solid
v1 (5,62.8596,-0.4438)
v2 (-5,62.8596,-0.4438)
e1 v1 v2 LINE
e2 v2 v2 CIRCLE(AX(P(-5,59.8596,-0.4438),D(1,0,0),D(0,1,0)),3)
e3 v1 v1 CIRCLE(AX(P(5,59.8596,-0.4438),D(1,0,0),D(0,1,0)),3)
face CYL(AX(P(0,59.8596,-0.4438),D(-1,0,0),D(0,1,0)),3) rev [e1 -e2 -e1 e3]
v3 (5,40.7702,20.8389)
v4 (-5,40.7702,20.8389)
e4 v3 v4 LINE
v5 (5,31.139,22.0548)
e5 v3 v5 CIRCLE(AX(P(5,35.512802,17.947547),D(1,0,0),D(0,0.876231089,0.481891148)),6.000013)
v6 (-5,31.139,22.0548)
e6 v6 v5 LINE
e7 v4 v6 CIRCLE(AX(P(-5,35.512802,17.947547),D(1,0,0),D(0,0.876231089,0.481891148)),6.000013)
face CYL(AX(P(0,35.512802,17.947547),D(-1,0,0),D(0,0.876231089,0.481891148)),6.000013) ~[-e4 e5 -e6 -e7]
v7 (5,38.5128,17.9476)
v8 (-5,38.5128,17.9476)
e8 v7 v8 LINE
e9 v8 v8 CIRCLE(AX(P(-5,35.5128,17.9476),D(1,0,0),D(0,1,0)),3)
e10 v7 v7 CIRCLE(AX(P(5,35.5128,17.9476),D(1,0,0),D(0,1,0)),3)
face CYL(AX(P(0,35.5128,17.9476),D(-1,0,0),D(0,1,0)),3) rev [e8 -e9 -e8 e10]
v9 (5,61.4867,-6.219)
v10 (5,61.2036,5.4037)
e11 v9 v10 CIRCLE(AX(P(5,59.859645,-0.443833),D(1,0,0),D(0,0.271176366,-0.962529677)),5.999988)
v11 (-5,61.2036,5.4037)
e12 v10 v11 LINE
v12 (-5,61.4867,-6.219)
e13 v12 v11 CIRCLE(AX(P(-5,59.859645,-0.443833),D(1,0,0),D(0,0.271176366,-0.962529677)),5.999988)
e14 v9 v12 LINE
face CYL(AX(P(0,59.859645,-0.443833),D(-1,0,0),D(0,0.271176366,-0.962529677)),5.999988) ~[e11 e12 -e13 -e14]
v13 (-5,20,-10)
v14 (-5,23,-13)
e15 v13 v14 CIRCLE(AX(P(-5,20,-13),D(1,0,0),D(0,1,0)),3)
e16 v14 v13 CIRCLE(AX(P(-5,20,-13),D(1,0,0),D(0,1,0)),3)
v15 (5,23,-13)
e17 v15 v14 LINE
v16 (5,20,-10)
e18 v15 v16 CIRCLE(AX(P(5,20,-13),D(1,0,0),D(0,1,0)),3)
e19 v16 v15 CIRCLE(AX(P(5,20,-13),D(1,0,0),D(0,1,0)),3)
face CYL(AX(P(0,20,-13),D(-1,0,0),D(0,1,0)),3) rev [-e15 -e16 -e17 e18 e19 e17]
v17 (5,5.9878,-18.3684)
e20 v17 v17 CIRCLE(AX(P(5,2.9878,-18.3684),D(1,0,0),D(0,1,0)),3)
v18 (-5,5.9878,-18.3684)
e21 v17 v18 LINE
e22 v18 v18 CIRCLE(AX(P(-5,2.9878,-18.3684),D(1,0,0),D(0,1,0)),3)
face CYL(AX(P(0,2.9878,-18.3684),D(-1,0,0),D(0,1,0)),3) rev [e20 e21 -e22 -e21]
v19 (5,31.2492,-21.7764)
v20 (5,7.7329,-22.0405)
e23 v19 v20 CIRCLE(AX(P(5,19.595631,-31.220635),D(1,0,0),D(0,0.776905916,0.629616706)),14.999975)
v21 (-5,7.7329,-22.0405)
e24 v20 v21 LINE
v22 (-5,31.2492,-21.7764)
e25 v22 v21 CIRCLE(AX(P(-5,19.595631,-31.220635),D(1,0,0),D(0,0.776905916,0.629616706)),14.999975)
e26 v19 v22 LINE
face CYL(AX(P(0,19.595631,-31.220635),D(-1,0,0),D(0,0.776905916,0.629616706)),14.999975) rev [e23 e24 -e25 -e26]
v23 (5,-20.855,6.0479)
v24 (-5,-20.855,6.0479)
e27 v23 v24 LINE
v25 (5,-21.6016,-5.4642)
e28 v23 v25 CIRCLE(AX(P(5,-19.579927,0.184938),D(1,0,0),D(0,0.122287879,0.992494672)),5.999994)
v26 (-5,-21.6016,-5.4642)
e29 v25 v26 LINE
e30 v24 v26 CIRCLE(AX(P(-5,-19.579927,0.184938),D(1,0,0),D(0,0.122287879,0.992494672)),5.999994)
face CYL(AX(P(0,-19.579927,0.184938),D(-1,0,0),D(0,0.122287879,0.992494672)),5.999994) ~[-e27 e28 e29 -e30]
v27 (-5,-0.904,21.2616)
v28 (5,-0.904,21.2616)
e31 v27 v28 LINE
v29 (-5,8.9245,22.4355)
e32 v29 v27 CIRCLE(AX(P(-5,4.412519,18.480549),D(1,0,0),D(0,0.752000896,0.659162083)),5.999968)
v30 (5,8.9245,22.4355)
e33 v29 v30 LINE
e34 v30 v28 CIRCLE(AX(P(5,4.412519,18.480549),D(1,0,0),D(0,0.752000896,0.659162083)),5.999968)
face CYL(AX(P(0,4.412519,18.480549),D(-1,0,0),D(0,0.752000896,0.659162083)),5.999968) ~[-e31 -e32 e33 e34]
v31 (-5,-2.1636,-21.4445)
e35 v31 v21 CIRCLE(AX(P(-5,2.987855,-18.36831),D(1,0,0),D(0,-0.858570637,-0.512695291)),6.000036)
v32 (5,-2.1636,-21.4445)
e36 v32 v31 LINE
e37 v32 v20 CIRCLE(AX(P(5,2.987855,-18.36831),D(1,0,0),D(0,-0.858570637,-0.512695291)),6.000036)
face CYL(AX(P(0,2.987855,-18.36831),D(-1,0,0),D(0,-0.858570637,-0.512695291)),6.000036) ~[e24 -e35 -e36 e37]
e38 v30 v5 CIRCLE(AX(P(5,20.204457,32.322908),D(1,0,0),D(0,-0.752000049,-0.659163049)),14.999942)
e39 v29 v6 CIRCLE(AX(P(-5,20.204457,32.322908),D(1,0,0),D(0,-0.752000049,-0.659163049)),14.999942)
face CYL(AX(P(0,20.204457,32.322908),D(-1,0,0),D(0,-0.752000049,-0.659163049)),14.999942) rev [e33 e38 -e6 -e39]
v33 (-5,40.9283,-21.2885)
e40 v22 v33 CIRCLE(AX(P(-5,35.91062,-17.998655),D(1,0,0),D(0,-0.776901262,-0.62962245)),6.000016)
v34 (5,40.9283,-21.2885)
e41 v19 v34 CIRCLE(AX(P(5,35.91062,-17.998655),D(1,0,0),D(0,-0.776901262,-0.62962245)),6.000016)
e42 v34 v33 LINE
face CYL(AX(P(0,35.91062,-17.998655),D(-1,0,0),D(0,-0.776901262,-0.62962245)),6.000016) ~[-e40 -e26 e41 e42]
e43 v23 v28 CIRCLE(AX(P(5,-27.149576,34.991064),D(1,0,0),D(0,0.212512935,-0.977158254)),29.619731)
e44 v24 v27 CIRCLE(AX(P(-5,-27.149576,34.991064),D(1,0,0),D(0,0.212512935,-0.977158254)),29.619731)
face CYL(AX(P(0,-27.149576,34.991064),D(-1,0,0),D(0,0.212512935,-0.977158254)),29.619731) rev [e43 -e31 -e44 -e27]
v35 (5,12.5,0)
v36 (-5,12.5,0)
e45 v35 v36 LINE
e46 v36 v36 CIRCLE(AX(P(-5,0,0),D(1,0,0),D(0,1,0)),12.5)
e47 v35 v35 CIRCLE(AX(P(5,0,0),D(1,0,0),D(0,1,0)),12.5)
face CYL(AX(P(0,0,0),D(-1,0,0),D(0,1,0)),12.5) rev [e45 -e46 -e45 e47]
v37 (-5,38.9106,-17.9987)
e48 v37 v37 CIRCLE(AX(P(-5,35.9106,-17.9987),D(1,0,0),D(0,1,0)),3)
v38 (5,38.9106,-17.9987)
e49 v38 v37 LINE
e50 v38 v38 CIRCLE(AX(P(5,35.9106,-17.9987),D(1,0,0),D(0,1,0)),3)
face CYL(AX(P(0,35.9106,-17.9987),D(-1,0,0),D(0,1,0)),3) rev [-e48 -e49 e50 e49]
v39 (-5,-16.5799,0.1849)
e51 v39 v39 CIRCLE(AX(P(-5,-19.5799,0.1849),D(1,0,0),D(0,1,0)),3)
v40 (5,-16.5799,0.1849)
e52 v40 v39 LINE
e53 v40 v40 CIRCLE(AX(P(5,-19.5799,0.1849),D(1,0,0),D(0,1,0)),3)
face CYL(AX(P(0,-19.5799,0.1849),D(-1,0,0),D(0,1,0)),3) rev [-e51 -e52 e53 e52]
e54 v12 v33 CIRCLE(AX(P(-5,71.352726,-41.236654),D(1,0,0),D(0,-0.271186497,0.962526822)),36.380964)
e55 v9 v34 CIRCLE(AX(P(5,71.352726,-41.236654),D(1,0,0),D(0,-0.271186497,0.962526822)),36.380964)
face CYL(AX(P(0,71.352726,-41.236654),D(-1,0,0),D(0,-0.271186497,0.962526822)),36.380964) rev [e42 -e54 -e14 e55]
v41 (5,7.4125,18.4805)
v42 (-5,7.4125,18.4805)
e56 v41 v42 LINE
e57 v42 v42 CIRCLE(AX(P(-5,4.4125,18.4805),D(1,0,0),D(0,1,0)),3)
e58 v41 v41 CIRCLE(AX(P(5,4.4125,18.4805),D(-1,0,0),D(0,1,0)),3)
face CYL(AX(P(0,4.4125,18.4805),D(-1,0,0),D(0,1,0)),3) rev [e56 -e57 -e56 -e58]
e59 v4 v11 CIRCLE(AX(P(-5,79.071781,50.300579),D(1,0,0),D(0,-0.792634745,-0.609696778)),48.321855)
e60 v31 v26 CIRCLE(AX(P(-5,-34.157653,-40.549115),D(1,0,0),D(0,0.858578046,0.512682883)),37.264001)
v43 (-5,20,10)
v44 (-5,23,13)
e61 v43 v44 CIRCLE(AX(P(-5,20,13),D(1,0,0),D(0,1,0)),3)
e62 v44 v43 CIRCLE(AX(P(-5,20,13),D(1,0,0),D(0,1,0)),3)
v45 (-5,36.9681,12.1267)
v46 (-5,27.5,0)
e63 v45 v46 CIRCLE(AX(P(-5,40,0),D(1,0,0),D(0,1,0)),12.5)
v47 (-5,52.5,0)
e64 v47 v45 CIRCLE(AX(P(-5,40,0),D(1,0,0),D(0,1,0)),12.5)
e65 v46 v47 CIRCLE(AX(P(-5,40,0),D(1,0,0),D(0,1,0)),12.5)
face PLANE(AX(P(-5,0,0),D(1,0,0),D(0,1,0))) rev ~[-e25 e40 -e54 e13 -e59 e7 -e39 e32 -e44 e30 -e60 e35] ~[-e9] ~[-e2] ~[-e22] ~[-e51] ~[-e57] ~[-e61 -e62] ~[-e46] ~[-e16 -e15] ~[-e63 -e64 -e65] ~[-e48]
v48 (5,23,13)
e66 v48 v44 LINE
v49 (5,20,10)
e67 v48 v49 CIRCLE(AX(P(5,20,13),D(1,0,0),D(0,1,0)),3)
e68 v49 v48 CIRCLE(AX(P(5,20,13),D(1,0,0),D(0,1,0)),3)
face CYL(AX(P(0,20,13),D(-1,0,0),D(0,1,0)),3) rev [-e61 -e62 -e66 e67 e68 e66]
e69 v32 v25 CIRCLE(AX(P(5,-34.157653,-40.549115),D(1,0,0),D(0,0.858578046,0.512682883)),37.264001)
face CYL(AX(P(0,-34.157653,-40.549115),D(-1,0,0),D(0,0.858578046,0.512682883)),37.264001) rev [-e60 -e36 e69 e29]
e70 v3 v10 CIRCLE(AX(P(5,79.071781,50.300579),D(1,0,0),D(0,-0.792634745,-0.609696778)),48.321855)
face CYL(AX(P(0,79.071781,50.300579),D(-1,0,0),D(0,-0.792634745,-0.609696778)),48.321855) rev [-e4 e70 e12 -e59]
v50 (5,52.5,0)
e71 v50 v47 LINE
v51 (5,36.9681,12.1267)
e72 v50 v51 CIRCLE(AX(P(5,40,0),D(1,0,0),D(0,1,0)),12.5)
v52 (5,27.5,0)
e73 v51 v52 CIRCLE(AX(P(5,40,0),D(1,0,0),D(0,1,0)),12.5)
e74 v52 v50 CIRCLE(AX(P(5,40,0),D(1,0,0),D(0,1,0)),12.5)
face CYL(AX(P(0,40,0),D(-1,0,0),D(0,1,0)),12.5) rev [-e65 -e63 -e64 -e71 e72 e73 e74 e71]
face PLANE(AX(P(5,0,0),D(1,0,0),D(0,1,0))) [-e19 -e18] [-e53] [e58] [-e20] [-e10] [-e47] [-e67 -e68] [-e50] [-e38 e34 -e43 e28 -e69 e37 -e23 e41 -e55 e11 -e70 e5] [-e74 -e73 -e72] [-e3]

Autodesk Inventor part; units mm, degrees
ref_plane "YZ Plane" through (0, 0, 0) normal (1, 0, 0) x (0, 1, 0)
ref_plane "XZ Plane" through (0, 0, 0) normal (0, 1, 0) x (-1, 0, 0)
ref_plane "XY Plane" through (0, 0, 0) normal (0, 0, 1) x (1, 0, 0)
sketch "Sketch2" plane through (0, 0, 0) normal (1, 0, 0) x (0, 1, 0)
  circle A0 centre (0, 0) radius 12.5
  line L0 (0, 0) -> (40, 0)
  circle A1 centre (40, 0) radius 12.5
  arc A2 (61.4867, -6.219) -> (61.2036, 5.4037) centre (59.8596, -0.4438) ccw
  circle A3 centre (59.8596, -0.4438) radius 3
  arc A4 (8.9245, 22.4355) -> (-0.904, 21.2616) centre (4.4125, 18.4805) ccw
  arc A5 (-2.1636, -21.4445) -> (7.7329, -22.0405) centre (2.9878, -18.3684) ccw
  arc A6 (31.2492, -21.7764) -> (40.9283, -21.2885) centre (35.9106, -17.9987) ccw
  arc A7 (40.7702, 20.8389) -> (36.9681, 12.1267) centre (35.5128, 17.9476) ccw
  line L1 (20, 0) -> (20, -13)
  line L2 (20, 0) -> (20, 13)
  arc A8 (-18.8462, 6.1399) -> (-21.6016, -5.4642) centre (-19.5799, 0.1849) ccw
  circle A9 centre (4.4125, 18.4805) radius 3
  circle A10 centre (2.9878, -18.3684) radius 3
  circle A11 centre (35.9106, -17.9987) radius 3
  circle A12 centre (35.5128, 17.9476) radius 3
  circle A13 centre (-19.5799, 0.1849) radius 3
  circle A14 centre (20, -13) radius 3
  circle A15 centre (20, 13) radius 3
  arc A16 (8.9245, 22.4355) -> (31.139, 22.0548) centre (20.2045, 32.323) ccw
  arc A17 (31.2492, -21.7764) -> (7.7329, -22.0405) centre (19.5956, -31.2207) ccw
  arc A18 (-2.1636, -21.4445) -> (-21.6016, -5.4642) centre (-34.1581, -40.5495) ccw
  arc A19 (-20.855, 6.0479) -> (-0.904, 21.2616) centre (-27.1495, 34.9909) ccw
  arc A20 (61.4867, -6.219) -> (40.9283, -21.2885) centre (71.3527, -41.2366) ccw
  arc A21 (7.2664, 17.5556) -> (-1.5702, 18.935) centre (0, 0) ccw
  arc A22 (40.7702, 20.8389) -> (61.2036, 5.4037) centre (79.072, 50.3008) ccw
  point P0 (-18.7745, -6.6085)
  point P1 (-17.6848, 6.9242)
  dimension "d4" = 25
  dimension "d22" = 6
  dimension "d1" = 25
  dimension "d3" = 40
  dimension "d6" = 12
  dimension "d7" = 6
  dimension "d12" = 12
  dimension "d13" = 12
  dimension "d15" = 12
  dimension "d16" = 12
  dimension "d17" = 13
  dimension "d18" = 13
  dimension "d21" = 12
  dimension "d23" = 6
  dimension "d24" = 6
  dimension "d25" = 6
  dimension "d26" = 6
  dimension "d27" = 6
  dimension "d28" = 6
  dimension "d29" = 15
  dimension "d30" = 15
  dimension "d31" = 37.2645
  dimension "d34" = 36.3809
extrude "Extrusion1" add sketch "Sketch2" along normal mid plane 10
properties part number "hw6"
